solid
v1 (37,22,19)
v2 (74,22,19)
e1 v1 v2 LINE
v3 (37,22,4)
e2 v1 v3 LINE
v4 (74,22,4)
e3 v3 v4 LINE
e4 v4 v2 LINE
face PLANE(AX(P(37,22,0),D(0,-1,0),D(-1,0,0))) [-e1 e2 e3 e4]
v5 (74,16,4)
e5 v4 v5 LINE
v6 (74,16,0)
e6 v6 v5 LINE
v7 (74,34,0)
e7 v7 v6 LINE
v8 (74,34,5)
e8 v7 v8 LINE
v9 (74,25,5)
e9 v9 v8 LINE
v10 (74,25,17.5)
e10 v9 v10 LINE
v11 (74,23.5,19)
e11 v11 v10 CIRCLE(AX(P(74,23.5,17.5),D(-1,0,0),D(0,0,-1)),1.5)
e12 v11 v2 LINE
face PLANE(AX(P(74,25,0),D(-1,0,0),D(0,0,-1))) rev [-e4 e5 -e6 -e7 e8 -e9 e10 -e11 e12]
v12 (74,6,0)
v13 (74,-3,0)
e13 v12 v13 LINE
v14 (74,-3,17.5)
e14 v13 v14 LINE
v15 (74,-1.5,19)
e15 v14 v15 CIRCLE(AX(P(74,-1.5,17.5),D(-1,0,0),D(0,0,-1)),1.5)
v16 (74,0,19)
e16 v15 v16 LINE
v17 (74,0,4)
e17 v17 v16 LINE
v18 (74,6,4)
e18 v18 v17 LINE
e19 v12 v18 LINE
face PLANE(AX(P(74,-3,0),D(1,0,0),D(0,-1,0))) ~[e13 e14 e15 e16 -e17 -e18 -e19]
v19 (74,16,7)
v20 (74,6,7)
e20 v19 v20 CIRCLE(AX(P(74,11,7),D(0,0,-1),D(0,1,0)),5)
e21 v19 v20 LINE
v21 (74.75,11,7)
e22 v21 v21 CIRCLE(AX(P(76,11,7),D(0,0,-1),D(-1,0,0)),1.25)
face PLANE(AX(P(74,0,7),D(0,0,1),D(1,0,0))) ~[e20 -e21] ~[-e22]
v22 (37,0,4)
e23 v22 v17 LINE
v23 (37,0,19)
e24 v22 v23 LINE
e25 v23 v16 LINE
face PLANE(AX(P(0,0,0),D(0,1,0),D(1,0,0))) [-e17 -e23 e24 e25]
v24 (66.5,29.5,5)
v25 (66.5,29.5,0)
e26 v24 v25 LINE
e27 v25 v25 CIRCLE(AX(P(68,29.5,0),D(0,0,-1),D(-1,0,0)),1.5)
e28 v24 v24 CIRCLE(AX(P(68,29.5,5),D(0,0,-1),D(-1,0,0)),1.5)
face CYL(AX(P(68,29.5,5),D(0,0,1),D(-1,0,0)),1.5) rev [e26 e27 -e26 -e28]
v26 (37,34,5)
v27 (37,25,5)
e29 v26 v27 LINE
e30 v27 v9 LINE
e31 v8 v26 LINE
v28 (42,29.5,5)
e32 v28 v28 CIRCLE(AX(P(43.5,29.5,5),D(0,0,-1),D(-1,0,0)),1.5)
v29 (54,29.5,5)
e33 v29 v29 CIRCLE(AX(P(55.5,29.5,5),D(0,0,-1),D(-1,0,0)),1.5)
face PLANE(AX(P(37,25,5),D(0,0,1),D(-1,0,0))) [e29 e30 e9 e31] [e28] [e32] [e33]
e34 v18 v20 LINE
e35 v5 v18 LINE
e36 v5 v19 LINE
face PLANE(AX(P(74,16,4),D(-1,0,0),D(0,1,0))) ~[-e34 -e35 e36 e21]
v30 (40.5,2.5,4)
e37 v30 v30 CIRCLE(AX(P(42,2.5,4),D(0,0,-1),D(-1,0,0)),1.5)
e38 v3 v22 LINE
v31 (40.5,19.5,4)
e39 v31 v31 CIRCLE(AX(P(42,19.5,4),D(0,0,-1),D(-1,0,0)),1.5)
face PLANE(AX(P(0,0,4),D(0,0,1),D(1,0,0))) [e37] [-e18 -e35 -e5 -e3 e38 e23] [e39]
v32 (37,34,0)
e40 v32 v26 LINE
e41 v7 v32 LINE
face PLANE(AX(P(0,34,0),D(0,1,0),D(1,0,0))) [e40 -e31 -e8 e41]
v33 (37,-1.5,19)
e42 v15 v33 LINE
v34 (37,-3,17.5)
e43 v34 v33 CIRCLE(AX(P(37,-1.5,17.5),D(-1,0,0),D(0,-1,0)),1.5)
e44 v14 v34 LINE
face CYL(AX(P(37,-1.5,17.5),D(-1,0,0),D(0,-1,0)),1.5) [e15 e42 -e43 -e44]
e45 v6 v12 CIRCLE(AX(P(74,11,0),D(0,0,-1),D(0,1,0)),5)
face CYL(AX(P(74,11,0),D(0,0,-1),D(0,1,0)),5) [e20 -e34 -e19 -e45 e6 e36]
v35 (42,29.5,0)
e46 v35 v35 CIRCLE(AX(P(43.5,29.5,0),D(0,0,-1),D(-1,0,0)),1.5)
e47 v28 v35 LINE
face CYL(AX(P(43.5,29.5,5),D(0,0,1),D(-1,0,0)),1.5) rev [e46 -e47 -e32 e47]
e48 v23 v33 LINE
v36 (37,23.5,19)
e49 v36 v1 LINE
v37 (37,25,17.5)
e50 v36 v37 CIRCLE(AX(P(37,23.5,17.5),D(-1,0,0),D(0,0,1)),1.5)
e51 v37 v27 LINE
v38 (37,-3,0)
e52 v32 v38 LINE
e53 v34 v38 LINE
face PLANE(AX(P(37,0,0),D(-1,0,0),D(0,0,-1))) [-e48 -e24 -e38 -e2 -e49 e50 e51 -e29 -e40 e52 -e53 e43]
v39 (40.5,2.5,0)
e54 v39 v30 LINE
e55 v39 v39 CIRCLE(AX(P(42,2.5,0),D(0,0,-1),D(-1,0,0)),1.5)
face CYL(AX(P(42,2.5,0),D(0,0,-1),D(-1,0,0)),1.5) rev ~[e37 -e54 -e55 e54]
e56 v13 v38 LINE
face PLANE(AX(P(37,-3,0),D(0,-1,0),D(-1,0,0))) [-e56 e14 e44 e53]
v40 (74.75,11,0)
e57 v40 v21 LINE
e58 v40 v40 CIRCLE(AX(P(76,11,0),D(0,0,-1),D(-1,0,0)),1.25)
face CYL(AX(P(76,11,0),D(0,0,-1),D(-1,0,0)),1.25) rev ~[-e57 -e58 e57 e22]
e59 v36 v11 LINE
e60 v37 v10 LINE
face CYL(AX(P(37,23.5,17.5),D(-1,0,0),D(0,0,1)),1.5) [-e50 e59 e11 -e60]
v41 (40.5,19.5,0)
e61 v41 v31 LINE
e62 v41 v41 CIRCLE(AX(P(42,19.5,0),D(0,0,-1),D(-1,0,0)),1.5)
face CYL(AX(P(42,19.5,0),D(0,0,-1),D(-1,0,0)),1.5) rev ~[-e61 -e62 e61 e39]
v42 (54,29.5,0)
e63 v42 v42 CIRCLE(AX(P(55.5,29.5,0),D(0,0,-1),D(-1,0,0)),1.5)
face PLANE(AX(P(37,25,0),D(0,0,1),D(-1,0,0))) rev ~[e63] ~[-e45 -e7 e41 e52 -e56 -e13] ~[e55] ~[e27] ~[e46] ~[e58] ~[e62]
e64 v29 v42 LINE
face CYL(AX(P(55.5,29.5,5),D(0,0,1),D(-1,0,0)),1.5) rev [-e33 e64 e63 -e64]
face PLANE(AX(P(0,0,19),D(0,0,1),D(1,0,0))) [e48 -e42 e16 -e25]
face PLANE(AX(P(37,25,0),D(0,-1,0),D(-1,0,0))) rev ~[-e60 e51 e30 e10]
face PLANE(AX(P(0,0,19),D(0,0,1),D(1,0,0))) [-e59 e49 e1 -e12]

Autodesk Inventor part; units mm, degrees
ref_plane "XZ Plane" through (0, 0, 0) normal (0, 1, 0) x (-1, 0, 0)
ref_plane "XY Plane" through (0, 0, 0) normal (0, 0, 1) x (1, 0, 0)
sketch "Szkic1" plane through (0, 0, 0) normal (0, 0, 1) x (1, 0, 0)
  line L0 (0, 0) -> (37, 0)
  line L1 (37, 0) -> (37, 22)
  line L2 (37, 22) -> (0, 22)
  line L3 (0, 11) -> (-5, 11) construction
  circle A0 centre (-2, 11) radius 1.25
  arc A1 (0, 16) -> (0, 6) centre (0, 11) ccw
  line L4 (37, 22) -> (32, 22) construction
  line L5 (37, 22) -> (37, 19.5) construction
  circle A2 centre (32, 19.5) radius 1.5
  line L6 (37, 0) -> (32, 0) construction
  line L7 (32, 0) -> (32, 2.5) construction
  circle A3 centre (32, 2.5) radius 1.5
  line L8 (0, 22) -> (37, 22)
  line L9 (37, 22) -> (37, 25)
  line L10 (37, 25) -> (0, 25)
  line L11 (0, 25) -> (0, 22)
  line L12 (0, 0) -> (37, 0)
  line L13 (37, 0) -> (37, -3)
  line L14 (37, -3) -> (0, -3)
  line L15 (0, -3) -> (0, 0)
  line L16 (0, 22) -> (0, 16)
  line L17 (0, 6) -> (0, 0)
  dimension "d0" = 37
  dimension "d1" = 22
  dimension "d2" = 5
  dimension "d3" = 2.5
  dimension "d7" = 3
  dimension "d10" = 3
  dimension "d11" = 37
  dimension "d12" = 3
  dimension "d13" = 37
  dimension "d14" = 3
extrude "Wyciągnięcie proste1" add sketch "Szkic1" along normal blind 4 contours L17 A1 L16 L2 L1 L0
sketch "Szkic2" plane through (0, 0, 4) normal (0, 0, 1) x (1, 0, 0)
  circle A0 centre (-2, 11) radius 1.25 projected
  arc A1 (0, 16) -> (0, 6) centre (0, 11) ccw projected
  line L0 (0, 6) -> (0, 0) projected
  line L1 (0, 16) -> (0, 6)
extrude "Wyciągnięcie proste2" add sketch "Szkic2" along normal blind 3
extrude "Wyciągnięcie proste3" add sketch "Szkic1" along normal blind 19 contours L0 L13 L14 L15
extrude "Wyciągnięcie proste4" add sketch "Szkic1" along normal blind 19 contours L2 L11 L10 L9
fillet "Zaokrąglenie2" radius 1.5 1 edges at (18.5, 25, 19)
fillet "Zaokrąglenie3" radius 1.5 1 edges at (18.5, -3, 19)
sketch "Szkic3" plane through (0, 25, 0) normal (0, 1, 0) x (1, 0, 0)
  line L0 (37, -17.5) -> (0, -17.5) projected
  line L1 (37, 0) -> (37, -17.5) projected
  line L2 (37, 0) -> (0, 0) projected
  line L3 (0, 0) -> (0, -17.5) projected
  line L4 (-5, 0) -> (0, 0) projected
  line L5 (0, 0) -> (37, 0)
  line L6 (37, 0) -> (37, -5)
  line L7 (37, -5) -> (0, -5)
  line L8 (0, -5) -> (0, 0)
  dimension "d26" = 37
  dimension "d27" = 5
extrude "Wyciągnięcie proste5" add sketch "Szkic3" along normal blind 9 contours L7 L3 L2 L1
sketch "Szkic4" plane through (0, 25, 5) normal (0, 0, 1) x (1, 0, 0)
  line L0 (0, 9) -> (0, 0)
  line L1 (0, 0) -> (0, 4.5)
  line L2 (37, 0) -> (37, 9) projected
  circle A0 centre (6, 4.5) radius 1.5
  circle A1 centre (18.5, 4.5) radius 1.5
  circle A2 centre (30.5, 4.5) radius 1.5
  point P0 (0, -25)
  dimension "d30" = 3
  dimension "d31" = 3
  dimension "d32" = 3
extrude "Wyciągnięcie proste6" cut sketch "Szkic4" against normal blind 9
mirror "Odbij1" about plane through (37, 0, 0) normal (1, 0, 0)
ref_plane "Płaszczyzna konstrukcyjna1" through (37, 0, 0) normal (1, 0, 0) x (0, 1, 0)
split "Podział1" plane through (37, 0, 0) removes the side toward (-1, 0, 0)
sketch "Szkic5" plane through (37, 25, 5) normal (0, 0, 1) x (1, 0, 0)
  point P0 (-37, -25)
sketch "Szkic6" plane through (37, 34, 0) normal (0, 1, 0) x (1, 0, 0)
  point P0 (-37, 0)
sketch "Szkic7" plane through (74, -3, 0) normal (0, 0, -1) x (-1, 0, 0)
  point P0 (74, 3)
sketch "Szkic8" plane through (37, 34, 0) normal (0, 1, 0) x (1, 0, 0)
  point P0 (-37, 0)
sketch "Szkic9" plane through (37, 25, 5) normal (0, 0, 1) x (1, 0, 0)
  point P0 (-37, -25)
properties part number "motor_grip_L"
